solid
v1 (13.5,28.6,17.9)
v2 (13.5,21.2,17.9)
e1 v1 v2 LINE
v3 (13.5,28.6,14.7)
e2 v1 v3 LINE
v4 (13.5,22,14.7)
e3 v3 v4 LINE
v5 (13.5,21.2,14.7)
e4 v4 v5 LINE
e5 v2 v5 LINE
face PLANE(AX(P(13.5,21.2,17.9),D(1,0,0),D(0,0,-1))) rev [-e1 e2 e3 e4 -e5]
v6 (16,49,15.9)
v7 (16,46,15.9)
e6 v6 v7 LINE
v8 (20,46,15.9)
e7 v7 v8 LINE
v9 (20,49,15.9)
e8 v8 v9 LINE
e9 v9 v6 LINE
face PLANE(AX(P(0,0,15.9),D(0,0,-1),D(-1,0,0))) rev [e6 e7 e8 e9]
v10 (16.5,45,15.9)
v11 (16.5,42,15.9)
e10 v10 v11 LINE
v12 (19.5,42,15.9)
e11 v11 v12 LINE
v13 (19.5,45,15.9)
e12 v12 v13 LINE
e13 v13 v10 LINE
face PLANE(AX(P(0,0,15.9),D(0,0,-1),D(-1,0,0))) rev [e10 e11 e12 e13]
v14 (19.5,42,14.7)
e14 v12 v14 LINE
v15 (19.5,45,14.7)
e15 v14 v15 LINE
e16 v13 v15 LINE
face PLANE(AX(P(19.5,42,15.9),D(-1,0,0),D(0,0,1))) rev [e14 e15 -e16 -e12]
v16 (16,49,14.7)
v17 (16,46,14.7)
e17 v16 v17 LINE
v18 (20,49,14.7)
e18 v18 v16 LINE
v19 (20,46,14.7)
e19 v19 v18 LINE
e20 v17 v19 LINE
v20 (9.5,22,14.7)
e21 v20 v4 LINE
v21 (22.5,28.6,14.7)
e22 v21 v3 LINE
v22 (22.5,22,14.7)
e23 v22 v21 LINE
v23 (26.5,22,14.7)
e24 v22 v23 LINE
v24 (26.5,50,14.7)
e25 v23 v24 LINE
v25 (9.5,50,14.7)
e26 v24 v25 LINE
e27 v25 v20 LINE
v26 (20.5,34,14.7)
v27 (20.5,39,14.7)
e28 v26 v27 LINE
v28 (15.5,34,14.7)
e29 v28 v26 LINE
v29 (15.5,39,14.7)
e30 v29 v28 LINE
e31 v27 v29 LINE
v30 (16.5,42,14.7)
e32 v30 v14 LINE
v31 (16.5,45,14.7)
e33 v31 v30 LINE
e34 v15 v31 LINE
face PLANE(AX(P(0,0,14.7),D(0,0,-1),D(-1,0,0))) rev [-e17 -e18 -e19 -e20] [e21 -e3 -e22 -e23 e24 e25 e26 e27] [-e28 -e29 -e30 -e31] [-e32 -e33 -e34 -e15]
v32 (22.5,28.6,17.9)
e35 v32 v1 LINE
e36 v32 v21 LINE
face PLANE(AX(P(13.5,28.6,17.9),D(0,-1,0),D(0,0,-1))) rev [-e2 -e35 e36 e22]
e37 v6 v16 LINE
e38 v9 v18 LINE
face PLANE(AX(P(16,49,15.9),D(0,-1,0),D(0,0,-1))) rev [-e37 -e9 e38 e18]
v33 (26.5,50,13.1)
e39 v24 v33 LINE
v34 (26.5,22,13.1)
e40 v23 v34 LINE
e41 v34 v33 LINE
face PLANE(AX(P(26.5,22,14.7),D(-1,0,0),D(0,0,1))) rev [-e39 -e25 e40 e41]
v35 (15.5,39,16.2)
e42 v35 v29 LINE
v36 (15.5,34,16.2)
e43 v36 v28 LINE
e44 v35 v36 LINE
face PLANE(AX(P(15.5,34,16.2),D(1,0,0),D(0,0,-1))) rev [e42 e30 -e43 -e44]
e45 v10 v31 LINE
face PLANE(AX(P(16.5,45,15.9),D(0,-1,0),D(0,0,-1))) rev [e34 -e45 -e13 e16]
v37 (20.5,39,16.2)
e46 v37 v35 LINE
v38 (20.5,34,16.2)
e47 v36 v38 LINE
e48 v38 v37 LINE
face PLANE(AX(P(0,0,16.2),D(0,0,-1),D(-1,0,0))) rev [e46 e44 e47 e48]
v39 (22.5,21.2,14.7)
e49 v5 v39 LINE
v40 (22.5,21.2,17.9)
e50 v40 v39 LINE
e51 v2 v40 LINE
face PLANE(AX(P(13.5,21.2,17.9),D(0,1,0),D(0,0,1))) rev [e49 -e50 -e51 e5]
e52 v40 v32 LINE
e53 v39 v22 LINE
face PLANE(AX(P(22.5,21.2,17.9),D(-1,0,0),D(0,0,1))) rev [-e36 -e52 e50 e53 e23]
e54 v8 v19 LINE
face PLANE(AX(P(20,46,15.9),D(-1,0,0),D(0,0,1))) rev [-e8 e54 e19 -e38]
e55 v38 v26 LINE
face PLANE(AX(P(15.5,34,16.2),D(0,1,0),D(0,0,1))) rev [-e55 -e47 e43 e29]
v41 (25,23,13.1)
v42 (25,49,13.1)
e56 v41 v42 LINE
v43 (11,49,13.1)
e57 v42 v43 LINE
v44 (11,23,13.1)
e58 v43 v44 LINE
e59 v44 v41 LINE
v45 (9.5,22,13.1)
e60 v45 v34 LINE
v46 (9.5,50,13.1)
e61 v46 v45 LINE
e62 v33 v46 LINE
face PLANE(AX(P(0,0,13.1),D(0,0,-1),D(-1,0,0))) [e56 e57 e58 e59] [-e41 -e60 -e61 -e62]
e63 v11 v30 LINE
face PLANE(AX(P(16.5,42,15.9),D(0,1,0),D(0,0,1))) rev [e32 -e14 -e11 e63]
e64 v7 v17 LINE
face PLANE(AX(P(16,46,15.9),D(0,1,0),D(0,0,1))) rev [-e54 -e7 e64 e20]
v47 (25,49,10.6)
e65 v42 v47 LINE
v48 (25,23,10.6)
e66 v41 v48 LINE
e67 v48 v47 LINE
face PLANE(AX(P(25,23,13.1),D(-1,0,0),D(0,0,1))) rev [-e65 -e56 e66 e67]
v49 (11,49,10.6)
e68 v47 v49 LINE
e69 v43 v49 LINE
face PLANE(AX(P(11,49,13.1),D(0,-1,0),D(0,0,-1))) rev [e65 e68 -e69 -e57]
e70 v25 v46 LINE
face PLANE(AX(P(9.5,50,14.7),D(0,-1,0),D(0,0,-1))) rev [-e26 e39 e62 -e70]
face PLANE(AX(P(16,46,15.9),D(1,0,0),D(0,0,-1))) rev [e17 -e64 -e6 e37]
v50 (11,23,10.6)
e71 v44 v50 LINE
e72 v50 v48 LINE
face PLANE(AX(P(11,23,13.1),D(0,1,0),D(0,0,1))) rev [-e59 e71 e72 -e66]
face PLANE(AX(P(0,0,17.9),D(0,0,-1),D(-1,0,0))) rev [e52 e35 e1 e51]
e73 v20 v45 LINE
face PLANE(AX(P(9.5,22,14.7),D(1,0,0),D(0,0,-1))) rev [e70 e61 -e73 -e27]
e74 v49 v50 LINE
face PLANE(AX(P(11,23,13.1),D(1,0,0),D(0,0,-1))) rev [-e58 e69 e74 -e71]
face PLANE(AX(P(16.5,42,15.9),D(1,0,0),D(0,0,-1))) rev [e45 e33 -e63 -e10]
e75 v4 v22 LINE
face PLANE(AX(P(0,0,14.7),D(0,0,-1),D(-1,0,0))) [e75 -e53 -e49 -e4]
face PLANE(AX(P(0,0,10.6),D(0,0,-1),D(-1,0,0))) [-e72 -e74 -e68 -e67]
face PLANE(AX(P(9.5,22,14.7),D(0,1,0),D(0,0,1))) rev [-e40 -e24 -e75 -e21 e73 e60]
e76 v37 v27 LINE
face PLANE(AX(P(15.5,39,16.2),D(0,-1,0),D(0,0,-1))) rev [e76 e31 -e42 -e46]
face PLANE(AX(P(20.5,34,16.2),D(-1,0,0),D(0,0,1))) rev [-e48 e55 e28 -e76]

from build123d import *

# Parameters (mm, degrees)
SKETCH1_W           = 14
SKETCH1_H           = 26
BOSS_EXTRUDE1_DEPTH = 2.5
SKETCH2_W           = 17
SKETCH2_H           = 28
BOSS_EXTRUDE2_DEPTH = 1.6
SKETCH3_W           = 9
SKETCH3_H           = 7.4
BOSS_EXTRUDE3_DEPTH = 3.2
SKETCH4_W           = 5
SKETCH4_H           = 5
BOSS_EXTRUDE4_DEPTH = 1.5
SKETCH5_W           = 3
SKETCH5_H           = 3
BOSS_EXTRUDE5_DEPTH = 1.2
SKETCH6_W           = 4
SKETCH6_H           = 3
BOSS_EXTRUDE6_DEPTH = 1.2


with BuildPart() as part:
    # Sketch1 → Boss-Extrude1 (new body)
    with BuildSketch(Plane.XY.offset(10.6)):
        with Locations((18, 36)):
            Rectangle(SKETCH1_W, SKETCH1_H)
    extrude(amount=BOSS_EXTRUDE1_DEPTH)

    # Sketch2 → Boss-Extrude2 (add)
    with BuildSketch(Plane.XY.offset(13.1)):
        with Locations((18, 36)):
            Rectangle(SKETCH2_W, SKETCH2_H)
    extrude(amount=BOSS_EXTRUDE2_DEPTH)

    # Sketch3 → Boss-Extrude3 (add)
    with BuildSketch(Plane.XY.offset(14.7)):
        with Locations((18, 24.9)):
            Rectangle(SKETCH3_W, SKETCH3_H)
    extrude(amount=BOSS_EXTRUDE3_DEPTH)

    # Sketch4 → Boss-Extrude4 (add)
    with BuildSketch(Plane.XY.offset(14.7)):
        with Locations((18, 36.5)):
            Rectangle(SKETCH4_W, SKETCH4_H)
    extrude(amount=BOSS_EXTRUDE4_DEPTH)

    # Sketch5 → Boss-Extrude5 (add)
    with BuildSketch(Plane.XY.offset(14.7)):
        with Locations((18, 43.5)):
            Rectangle(SKETCH5_W, SKETCH5_H)
    extrude(amount=BOSS_EXTRUDE5_DEPTH)

    # Sketch6 → Boss-Extrude6 (add)
    with BuildSketch(Plane.XY.offset(14.7)):
        with Locations((18, 47.5)):
            Rectangle(SKETCH6_W, SKETCH6_H)
    extrude(amount=BOSS_EXTRUDE6_DEPTH)


solid = part.part
